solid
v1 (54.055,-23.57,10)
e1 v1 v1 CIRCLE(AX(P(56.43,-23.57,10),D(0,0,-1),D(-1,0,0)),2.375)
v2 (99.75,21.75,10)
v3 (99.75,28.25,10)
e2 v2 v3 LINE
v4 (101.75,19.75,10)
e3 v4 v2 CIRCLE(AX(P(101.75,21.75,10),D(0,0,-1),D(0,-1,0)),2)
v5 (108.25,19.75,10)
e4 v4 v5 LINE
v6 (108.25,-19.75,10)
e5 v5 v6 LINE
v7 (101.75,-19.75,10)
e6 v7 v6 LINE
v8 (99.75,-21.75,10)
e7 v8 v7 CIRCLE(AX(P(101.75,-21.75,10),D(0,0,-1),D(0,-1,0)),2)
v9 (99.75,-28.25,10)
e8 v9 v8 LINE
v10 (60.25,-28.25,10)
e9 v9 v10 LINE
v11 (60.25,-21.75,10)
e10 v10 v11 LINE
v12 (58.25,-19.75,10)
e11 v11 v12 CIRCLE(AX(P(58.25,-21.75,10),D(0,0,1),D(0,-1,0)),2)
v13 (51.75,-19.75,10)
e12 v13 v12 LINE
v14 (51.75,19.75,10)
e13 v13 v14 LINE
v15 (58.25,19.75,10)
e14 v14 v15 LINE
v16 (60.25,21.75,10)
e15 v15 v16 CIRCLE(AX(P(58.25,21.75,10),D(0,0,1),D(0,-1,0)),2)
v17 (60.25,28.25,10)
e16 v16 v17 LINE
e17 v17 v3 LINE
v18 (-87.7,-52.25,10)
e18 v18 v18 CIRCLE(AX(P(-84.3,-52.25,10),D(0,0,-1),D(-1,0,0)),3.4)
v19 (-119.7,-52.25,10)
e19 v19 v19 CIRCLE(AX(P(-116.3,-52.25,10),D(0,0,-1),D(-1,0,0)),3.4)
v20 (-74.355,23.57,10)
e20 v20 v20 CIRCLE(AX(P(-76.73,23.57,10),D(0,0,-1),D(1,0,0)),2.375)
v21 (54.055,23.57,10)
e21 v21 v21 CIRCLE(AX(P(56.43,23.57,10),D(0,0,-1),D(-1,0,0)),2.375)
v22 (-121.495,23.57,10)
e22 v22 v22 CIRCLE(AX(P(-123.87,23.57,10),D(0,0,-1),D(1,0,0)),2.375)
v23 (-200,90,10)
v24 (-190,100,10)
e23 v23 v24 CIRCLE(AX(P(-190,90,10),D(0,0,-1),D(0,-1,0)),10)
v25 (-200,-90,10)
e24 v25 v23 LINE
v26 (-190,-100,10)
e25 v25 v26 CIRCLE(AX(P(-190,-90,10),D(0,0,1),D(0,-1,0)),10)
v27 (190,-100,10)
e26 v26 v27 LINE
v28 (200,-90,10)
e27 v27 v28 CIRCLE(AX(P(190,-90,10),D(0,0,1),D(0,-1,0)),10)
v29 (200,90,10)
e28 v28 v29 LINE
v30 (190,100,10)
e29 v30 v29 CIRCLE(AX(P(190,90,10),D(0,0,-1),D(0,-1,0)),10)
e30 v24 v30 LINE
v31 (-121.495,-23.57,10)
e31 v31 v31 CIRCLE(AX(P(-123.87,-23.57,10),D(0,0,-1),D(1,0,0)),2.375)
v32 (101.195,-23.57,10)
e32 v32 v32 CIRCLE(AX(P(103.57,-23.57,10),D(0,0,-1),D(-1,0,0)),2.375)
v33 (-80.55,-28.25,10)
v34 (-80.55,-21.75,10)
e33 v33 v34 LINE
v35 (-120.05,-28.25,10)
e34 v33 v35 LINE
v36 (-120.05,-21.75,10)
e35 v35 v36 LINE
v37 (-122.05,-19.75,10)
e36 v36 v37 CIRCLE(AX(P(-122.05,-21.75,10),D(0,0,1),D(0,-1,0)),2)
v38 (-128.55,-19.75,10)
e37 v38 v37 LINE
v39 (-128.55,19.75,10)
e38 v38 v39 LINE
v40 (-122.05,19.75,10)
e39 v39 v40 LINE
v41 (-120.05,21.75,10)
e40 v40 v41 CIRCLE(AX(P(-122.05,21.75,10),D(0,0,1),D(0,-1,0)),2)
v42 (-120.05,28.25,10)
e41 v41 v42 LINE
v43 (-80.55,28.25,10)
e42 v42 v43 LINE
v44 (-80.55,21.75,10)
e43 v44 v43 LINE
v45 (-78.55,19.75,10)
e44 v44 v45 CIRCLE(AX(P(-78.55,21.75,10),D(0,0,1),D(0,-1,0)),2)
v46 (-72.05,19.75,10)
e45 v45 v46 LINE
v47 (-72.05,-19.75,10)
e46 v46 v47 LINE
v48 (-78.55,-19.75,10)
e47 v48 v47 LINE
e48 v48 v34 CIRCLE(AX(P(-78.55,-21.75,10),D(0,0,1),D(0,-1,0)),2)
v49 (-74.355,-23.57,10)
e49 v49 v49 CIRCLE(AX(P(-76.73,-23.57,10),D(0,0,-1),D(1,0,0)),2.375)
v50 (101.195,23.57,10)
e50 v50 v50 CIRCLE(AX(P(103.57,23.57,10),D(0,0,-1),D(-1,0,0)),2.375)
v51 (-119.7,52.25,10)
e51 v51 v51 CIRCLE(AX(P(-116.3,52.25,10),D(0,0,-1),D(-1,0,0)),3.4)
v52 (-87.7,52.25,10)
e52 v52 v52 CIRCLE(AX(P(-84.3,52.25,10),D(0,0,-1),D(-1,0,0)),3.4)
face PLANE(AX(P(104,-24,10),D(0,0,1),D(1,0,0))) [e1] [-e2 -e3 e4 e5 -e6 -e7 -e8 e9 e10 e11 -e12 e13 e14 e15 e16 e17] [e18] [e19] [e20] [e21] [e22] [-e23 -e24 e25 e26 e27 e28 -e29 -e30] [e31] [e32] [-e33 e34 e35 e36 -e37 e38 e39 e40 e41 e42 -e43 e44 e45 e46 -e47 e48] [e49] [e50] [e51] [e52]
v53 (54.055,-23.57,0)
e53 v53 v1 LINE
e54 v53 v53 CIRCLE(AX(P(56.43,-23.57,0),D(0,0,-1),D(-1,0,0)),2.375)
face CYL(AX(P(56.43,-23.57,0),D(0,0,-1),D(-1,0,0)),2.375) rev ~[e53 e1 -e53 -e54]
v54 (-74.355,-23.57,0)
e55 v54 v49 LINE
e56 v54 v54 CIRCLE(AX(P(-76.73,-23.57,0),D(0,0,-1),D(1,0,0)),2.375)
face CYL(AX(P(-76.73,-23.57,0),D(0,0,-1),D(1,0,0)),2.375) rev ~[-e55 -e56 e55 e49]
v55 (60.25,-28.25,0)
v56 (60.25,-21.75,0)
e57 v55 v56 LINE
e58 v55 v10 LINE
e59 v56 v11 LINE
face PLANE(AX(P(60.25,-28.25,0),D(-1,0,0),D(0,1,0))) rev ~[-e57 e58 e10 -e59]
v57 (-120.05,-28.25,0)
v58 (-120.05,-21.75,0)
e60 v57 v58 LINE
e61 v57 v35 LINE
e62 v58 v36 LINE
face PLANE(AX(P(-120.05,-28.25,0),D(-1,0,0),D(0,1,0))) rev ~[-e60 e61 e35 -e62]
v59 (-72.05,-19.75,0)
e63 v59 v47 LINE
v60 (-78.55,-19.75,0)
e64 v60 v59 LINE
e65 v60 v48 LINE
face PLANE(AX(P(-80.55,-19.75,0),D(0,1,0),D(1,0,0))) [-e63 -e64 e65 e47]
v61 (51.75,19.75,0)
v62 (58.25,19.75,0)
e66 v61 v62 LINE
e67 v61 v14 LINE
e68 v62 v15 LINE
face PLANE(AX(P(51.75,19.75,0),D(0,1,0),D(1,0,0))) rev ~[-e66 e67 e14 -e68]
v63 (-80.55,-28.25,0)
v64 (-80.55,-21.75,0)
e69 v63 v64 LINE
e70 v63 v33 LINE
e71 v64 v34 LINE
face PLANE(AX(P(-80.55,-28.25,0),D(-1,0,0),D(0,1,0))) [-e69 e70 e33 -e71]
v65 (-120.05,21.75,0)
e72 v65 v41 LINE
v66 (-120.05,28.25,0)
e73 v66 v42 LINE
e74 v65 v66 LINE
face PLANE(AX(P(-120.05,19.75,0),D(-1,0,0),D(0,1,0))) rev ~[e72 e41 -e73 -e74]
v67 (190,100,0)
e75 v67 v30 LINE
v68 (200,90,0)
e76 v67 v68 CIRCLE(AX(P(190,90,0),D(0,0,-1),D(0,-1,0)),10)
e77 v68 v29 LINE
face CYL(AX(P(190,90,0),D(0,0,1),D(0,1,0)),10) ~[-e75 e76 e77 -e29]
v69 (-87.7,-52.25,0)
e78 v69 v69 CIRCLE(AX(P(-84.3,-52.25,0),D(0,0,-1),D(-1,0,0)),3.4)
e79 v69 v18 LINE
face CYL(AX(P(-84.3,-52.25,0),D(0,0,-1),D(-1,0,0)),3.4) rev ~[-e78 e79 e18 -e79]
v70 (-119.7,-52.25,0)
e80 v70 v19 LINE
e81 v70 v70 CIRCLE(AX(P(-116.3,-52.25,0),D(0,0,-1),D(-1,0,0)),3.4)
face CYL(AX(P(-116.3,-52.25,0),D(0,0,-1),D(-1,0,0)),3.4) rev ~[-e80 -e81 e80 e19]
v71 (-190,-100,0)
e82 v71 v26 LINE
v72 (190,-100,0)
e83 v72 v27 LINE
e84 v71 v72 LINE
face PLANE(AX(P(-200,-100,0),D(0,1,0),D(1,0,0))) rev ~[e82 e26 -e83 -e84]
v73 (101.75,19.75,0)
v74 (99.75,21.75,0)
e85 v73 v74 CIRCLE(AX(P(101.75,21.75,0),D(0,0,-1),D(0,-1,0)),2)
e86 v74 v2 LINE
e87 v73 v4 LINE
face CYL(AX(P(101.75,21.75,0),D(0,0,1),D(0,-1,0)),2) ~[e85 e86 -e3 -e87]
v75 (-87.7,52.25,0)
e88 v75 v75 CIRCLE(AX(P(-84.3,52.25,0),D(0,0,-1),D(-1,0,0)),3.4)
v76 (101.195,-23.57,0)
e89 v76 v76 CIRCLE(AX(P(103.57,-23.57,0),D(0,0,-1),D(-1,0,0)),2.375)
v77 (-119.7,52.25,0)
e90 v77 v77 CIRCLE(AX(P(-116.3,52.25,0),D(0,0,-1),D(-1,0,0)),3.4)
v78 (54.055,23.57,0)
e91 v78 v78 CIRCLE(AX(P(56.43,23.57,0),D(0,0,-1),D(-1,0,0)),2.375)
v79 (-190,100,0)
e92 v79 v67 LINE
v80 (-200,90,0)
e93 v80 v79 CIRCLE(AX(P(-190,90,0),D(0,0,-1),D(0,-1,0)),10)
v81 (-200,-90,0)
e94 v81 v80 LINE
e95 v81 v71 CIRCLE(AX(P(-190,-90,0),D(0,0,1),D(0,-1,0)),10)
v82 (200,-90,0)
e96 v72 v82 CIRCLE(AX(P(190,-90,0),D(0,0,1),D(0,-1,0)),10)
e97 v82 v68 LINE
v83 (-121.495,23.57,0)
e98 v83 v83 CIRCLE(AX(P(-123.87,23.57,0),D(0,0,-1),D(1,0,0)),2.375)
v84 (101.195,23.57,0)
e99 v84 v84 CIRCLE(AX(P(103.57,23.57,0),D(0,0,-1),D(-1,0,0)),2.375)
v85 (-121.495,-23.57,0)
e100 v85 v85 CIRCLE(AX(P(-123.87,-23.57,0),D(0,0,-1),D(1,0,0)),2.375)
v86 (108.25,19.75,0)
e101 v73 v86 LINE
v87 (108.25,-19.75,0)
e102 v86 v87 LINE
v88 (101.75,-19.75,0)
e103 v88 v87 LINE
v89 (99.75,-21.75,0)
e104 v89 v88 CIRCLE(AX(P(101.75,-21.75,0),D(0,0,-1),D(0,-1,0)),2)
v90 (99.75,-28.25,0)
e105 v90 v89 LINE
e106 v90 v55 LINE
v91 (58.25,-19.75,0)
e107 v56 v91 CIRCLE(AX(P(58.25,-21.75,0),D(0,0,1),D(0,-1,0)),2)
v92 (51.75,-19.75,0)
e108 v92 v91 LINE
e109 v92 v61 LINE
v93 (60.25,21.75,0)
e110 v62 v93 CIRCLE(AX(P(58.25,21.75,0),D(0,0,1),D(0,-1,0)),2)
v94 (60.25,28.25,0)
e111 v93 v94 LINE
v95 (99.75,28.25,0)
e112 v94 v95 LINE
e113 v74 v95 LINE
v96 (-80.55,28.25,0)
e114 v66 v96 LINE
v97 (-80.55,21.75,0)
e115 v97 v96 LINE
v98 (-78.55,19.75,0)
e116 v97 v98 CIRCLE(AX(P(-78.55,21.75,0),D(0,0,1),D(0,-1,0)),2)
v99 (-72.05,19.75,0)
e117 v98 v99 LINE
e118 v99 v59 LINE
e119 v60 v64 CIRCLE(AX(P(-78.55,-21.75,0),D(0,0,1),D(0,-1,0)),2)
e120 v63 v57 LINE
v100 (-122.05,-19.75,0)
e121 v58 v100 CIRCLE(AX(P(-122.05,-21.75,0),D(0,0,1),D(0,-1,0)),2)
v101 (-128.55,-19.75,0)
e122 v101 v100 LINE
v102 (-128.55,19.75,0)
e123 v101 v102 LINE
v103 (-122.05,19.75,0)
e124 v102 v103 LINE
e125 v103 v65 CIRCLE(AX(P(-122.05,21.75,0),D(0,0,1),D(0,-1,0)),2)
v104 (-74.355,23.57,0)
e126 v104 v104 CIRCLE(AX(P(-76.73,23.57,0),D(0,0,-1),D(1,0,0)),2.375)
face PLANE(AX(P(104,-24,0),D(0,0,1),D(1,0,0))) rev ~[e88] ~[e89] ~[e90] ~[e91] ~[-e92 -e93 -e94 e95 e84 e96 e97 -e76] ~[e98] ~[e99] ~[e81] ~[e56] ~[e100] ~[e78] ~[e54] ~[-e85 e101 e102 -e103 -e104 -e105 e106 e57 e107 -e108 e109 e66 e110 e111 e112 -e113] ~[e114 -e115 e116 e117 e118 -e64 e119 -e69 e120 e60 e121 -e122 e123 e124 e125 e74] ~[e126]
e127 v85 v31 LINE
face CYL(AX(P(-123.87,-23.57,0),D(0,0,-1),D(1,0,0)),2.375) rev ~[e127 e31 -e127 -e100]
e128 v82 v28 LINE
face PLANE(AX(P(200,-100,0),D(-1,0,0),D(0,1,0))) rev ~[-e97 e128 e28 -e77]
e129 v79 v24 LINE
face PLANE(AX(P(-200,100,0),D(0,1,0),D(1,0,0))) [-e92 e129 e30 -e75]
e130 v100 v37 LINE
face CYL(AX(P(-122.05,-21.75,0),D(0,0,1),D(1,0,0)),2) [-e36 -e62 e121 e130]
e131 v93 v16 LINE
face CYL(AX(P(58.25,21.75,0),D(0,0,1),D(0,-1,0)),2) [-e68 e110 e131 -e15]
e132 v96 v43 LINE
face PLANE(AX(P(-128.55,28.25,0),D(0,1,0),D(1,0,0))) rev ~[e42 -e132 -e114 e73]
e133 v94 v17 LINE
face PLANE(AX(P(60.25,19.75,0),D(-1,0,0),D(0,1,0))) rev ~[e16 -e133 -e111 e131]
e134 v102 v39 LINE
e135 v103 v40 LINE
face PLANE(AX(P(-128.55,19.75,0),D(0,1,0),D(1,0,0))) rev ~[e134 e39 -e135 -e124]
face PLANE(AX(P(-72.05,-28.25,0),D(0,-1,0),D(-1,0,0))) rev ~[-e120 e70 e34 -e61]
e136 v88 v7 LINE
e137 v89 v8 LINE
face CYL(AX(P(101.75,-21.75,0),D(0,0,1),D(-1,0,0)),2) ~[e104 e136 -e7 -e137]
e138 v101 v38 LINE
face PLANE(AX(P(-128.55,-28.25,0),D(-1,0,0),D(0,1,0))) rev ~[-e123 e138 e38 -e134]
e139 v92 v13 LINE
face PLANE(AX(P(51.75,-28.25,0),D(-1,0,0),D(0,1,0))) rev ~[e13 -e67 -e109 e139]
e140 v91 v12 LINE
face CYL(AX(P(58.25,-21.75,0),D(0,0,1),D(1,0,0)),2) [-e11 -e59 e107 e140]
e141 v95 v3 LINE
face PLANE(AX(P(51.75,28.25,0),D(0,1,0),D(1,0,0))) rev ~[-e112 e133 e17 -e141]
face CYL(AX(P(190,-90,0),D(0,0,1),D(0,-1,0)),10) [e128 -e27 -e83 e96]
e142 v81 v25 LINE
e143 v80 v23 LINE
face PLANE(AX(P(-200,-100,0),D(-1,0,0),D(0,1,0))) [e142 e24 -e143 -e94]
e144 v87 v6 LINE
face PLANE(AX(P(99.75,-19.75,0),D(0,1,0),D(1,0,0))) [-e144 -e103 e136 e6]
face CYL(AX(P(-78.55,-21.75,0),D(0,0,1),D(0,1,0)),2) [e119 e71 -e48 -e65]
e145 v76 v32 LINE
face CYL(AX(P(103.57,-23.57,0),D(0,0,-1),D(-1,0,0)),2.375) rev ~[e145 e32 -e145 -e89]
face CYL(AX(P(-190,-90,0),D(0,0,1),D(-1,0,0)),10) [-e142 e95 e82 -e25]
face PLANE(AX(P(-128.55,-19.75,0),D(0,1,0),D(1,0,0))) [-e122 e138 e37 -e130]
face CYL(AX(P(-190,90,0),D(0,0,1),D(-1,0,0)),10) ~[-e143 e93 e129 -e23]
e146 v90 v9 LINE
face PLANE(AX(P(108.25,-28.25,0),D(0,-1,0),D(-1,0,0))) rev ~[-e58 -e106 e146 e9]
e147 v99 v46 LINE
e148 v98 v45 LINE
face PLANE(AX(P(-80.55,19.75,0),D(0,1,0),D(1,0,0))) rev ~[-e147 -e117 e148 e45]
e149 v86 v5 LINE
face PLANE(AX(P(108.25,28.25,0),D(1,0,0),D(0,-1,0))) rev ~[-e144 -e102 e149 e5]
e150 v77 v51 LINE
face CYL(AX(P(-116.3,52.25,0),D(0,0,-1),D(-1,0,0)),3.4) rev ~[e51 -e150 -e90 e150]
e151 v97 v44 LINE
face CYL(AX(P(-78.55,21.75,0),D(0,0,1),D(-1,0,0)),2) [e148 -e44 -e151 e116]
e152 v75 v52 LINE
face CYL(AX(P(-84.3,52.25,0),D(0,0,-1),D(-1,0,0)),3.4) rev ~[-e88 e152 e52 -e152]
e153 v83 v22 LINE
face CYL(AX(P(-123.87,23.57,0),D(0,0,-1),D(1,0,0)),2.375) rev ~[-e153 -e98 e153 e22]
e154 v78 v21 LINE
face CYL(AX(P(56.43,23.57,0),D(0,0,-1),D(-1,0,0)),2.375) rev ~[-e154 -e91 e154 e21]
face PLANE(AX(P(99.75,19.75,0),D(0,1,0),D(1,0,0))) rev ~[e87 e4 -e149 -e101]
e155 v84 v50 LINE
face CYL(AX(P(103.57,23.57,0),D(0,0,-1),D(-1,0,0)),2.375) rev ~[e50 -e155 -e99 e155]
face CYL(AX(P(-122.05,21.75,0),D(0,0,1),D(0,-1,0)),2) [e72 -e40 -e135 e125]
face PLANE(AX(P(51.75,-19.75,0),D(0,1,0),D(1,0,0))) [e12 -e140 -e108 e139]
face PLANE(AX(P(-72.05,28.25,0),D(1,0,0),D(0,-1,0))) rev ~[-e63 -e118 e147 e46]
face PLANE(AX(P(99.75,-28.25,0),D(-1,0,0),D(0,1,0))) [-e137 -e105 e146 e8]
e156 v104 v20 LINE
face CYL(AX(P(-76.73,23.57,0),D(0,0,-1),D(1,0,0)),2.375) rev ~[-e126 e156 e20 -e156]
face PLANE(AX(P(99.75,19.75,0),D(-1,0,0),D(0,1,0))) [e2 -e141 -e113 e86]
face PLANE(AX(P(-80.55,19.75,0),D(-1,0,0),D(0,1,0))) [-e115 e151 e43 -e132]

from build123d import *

# Parameters (mm, degrees)
SKETCH1_W           = 400
SKETCH1_H           = 200
SKETCH1_W_2         = 8.5
SKETCH1_H_2         = 8.5
BOSS_EXTRUDE1_DEPTH = 10
FILLET2_R           = 2
CUT_EXTRUDE1_REACH  = 225.83
SKETCH2_R           = 2.375
FILLET3_R           = 10
SKETCH3_R           = 3.4
CUT_EXTRUDE3_DEPTH  = 20


with BuildPart() as part:
    # Sketch1 → Boss-Extrude1 (new body)
    # profile 1 of 9: a face of its own
    with BuildSketch(Plane.XY):
        Rectangle(SKETCH1_W, SKETCH1_H)
        Polygon((-128.55, 28.25), (-120.05, 28.25), (-80.55, 28.25), (-72.05, 28.25), (-72.05, 19.75), (-72.05, -19.75), (-72.05, -28.25), (-80.55, -28.25), (-120.05, -28.25), (-128.55, -28.25), (-128.55, -19.75), (-128.55, 19.75), align=None, mode=Mode.SUBTRACT)
        Polygon((51.75, 19.75), (51.75, 28.25), (60.25, 28.25), (99.75, 28.25), (108.25, 28.25), (108.25, 19.75), (108.25, -19.75), (108.25, -28.25), (99.75, -28.25), (60.25, -28.25), (51.75, -28.25), (51.75, -19.75), align=None, mode=Mode.SUBTRACT)
    # profile 2 of 9: a face of its own
    with BuildSketch(Plane.XY):
        with Locations((-124.3, 24)):
            Rectangle(SKETCH1_W_2, SKETCH1_H_2)
    # profile 3 of 9: a face of its own
    with BuildSketch(Plane.XY):
        with Locations((-76.3, 24)):
            Rectangle(SKETCH1_W_2, SKETCH1_H_2)
    # profile 4 of 9: a face of its own
    with BuildSketch(Plane.XY):
        with Locations((-76.3, -24)):
            Rectangle(SKETCH1_W_2, SKETCH1_H_2)
    # profile 5 of 9: a face of its own
    with BuildSketch(Plane.XY):
        with Locations((-124.3, -24)):
            Rectangle(SKETCH1_W_2, SKETCH1_H_2)
    # profile 6 of 9: a face of its own
    with BuildSketch(Plane.XY):
        with Locations((56, -24)):
            Rectangle(SKETCH1_W_2, SKETCH1_H_2)
    # profile 7 of 9: a face of its own
    with BuildSketch(Plane.XY):
        with Locations((56, 24)):
            Rectangle(SKETCH1_W_2, SKETCH1_H_2)
    # profile 8 of 9: a face of its own
    with BuildSketch(Plane.XY):
        with Locations((104, 24)):
            Rectangle(SKETCH1_W_2, SKETCH1_H_2)
    # profile 9 of 9: a face of its own
    with BuildSketch(Plane.XY):
        with Locations((104, -24)):
            Rectangle(SKETCH1_W_2, SKETCH1_H_2)
    extrude(amount=BOSS_EXTRUDE1_DEPTH)

    # Fillet2
    fillet2_edges = [part.edges().sort_by_distance(p)[0] for p in [
        (60.25, 19.75, 5),
        (60.25, -19.75, 5),
        (99.75, -19.75, 5),
        (99.75, 19.75, 5),
        (-80.55, 19.75, 5),
        (-120.05, 19.75, 5),
        (-120.05, -19.75, 5),
        (-80.55, -19.75, 5),
    ]]
    fillet(fillet2_edges, radius=FILLET2_R)

    # Sketch2 → Cut-Extrude1 (cut, up to next)
    with BuildSketch(Plane(origin=(0, 0, 0), x_dir=(-1, 0, 0), z_dir=(0, 0, -1)), mode=Mode.PRIVATE) as cut_extrude1_sk1:
        with Locations((-103.57, 23.57)):
            Circle(SKETCH2_R)
    cut_extrude1_tool1 = extrude(cut_extrude1_sk1.sketch, amount=-CUT_EXTRUDE1_REACH, mode=Mode.PRIVATE) & part.part
    # Sketch2 → Cut-Extrude1 (cut, up to next)
    with BuildSketch(Plane(origin=(0, 0, 0), x_dir=(-1, 0, 0), z_dir=(0, 0, -1)), mode=Mode.PRIVATE) as cut_extrude1_sk2:
        with Locations((-56.43, 23.57)):
            Circle(SKETCH2_R)
    cut_extrude1_tool2 = extrude(cut_extrude1_sk2.sketch, amount=-CUT_EXTRUDE1_REACH, mode=Mode.PRIVATE) & part.part
    # Sketch2 → Cut-Extrude1 (cut, up to next)
    with BuildSketch(Plane(origin=(0, 0, 0), x_dir=(-1, 0, 0), z_dir=(0, 0, -1)), mode=Mode.PRIVATE) as cut_extrude1_sk3:
        with Locations((-56.43, -23.57)):
            Circle(SKETCH2_R)
    cut_extrude1_tool3 = extrude(cut_extrude1_sk3.sketch, amount=-CUT_EXTRUDE1_REACH, mode=Mode.PRIVATE) & part.part
    # Sketch2 → Cut-Extrude1 (cut, up to next)
    with BuildSketch(Plane(origin=(0, 0, 0), x_dir=(-1, 0, 0), z_dir=(0, 0, -1)), mode=Mode.PRIVATE) as cut_extrude1_sk4:
        with Locations((-103.57, -23.57)):
            Circle(SKETCH2_R)
    cut_extrude1_tool4 = extrude(cut_extrude1_sk4.sketch, amount=-CUT_EXTRUDE1_REACH, mode=Mode.PRIVATE) & part.part
    # Sketch2 → Cut-Extrude1 (cut, up to next)
    with BuildSketch(Plane(origin=(0, 0, 0), x_dir=(-1, 0, 0), z_dir=(0, 0, -1)), mode=Mode.PRIVATE) as cut_extrude1_sk5:
        with Locations(Location((123.87, -23.57, 0), (0, 0, 180))):
            Circle(SKETCH2_R)
    cut_extrude1_tool5 = extrude(cut_extrude1_sk5.sketch, amount=-CUT_EXTRUDE1_REACH, mode=Mode.PRIVATE) & part.part
    # Sketch2 → Cut-Extrude1 (cut, up to next)
    with BuildSketch(Plane(origin=(0, 0, 0), x_dir=(-1, 0, 0), z_dir=(0, 0, -1)), mode=Mode.PRIVATE) as cut_extrude1_sk6:
        with Locations(Location((76.73, -23.57, 0), (0, 0, 180))):
            Circle(SKETCH2_R)
    cut_extrude1_tool6 = extrude(cut_extrude1_sk6.sketch, amount=-CUT_EXTRUDE1_REACH, mode=Mode.PRIVATE) & part.part
    # Sketch2 → Cut-Extrude1 (cut, up to next)
    with BuildSketch(Plane(origin=(0, 0, 0), x_dir=(-1, 0, 0), z_dir=(0, 0, -1)), mode=Mode.PRIVATE) as cut_extrude1_sk7:
        with Locations(Location((76.73, 23.57, 0), (0, 0, 180))):
            Circle(SKETCH2_R)
    cut_extrude1_tool7 = extrude(cut_extrude1_sk7.sketch, amount=-CUT_EXTRUDE1_REACH, mode=Mode.PRIVATE) & part.part
    # Sketch2 → Cut-Extrude1 (cut, up to next)
    with BuildSketch(Plane(origin=(0, 0, 0), x_dir=(-1, 0, 0), z_dir=(0, 0, -1)), mode=Mode.PRIVATE) as cut_extrude1_sk8:
        with Locations(Location((123.87, 23.57, 0), (0, 0, 180))):
            Circle(SKETCH2_R)
    cut_extrude1_tool8 = extrude(cut_extrude1_sk8.sketch, amount=-CUT_EXTRUDE1_REACH, mode=Mode.PRIVATE) & part.part
    add(cut_extrude1_tool1.solids().sort_by_distance((103.57, 23.57, 0))[0], mode=Mode.SUBTRACT)
    add(cut_extrude1_tool2.solids().sort_by_distance((56.43, 23.57, 0))[0], mode=Mode.SUBTRACT)
    add(cut_extrude1_tool3.solids().sort_by_distance((56.43, -23.57, 0))[0], mode=Mode.SUBTRACT)
    add(cut_extrude1_tool4.solids().sort_by_distance((103.57, -23.57, 0))[0], mode=Mode.SUBTRACT)
    add(cut_extrude1_tool5.solids().sort_by_distance((-123.87, -23.57, 0))[0], mode=Mode.SUBTRACT)
    add(cut_extrude1_tool6.solids().sort_by_distance((-76.73, -23.57, 0))[0], mode=Mode.SUBTRACT)
    add(cut_extrude1_tool7.solids().sort_by_distance((-76.73, 23.57, 0))[0], mode=Mode.SUBTRACT)
    add(cut_extrude1_tool8.solids().sort_by_distance((-123.87, 23.57, 0))[0], mode=Mode.SUBTRACT)

    # Fillet3
    fillet3_edges = [part.edges().sort_by_distance(p)[0] for p in [
        (-200, 100, 5),
        (200, 100, 5),
        (200, -100, 5),
        (-200, -100, 5),
    ]]
    fillet(fillet3_edges, radius=FILLET3_R)

    # Sketch3 → Cut-Extrude3 (cut)
    with BuildSketch(Plane(origin=(0, 0, 0), x_dir=(-1, 0, 0), z_dir=(0, 0, -1))):
        with Locations((84.3, -52.25)):
            Circle(SKETCH3_R)
        with Locations((116.3, -52.25)):
            Circle(SKETCH3_R)
        with Locations((84.3, 52.25)):
            Circle(SKETCH3_R)
        with Locations((116.3, 52.25)):
            Circle(SKETCH3_R)
    extrude(amount=-CUT_EXTRUDE3_DEPTH, mode=Mode.SUBTRACT)


solid = part.part
